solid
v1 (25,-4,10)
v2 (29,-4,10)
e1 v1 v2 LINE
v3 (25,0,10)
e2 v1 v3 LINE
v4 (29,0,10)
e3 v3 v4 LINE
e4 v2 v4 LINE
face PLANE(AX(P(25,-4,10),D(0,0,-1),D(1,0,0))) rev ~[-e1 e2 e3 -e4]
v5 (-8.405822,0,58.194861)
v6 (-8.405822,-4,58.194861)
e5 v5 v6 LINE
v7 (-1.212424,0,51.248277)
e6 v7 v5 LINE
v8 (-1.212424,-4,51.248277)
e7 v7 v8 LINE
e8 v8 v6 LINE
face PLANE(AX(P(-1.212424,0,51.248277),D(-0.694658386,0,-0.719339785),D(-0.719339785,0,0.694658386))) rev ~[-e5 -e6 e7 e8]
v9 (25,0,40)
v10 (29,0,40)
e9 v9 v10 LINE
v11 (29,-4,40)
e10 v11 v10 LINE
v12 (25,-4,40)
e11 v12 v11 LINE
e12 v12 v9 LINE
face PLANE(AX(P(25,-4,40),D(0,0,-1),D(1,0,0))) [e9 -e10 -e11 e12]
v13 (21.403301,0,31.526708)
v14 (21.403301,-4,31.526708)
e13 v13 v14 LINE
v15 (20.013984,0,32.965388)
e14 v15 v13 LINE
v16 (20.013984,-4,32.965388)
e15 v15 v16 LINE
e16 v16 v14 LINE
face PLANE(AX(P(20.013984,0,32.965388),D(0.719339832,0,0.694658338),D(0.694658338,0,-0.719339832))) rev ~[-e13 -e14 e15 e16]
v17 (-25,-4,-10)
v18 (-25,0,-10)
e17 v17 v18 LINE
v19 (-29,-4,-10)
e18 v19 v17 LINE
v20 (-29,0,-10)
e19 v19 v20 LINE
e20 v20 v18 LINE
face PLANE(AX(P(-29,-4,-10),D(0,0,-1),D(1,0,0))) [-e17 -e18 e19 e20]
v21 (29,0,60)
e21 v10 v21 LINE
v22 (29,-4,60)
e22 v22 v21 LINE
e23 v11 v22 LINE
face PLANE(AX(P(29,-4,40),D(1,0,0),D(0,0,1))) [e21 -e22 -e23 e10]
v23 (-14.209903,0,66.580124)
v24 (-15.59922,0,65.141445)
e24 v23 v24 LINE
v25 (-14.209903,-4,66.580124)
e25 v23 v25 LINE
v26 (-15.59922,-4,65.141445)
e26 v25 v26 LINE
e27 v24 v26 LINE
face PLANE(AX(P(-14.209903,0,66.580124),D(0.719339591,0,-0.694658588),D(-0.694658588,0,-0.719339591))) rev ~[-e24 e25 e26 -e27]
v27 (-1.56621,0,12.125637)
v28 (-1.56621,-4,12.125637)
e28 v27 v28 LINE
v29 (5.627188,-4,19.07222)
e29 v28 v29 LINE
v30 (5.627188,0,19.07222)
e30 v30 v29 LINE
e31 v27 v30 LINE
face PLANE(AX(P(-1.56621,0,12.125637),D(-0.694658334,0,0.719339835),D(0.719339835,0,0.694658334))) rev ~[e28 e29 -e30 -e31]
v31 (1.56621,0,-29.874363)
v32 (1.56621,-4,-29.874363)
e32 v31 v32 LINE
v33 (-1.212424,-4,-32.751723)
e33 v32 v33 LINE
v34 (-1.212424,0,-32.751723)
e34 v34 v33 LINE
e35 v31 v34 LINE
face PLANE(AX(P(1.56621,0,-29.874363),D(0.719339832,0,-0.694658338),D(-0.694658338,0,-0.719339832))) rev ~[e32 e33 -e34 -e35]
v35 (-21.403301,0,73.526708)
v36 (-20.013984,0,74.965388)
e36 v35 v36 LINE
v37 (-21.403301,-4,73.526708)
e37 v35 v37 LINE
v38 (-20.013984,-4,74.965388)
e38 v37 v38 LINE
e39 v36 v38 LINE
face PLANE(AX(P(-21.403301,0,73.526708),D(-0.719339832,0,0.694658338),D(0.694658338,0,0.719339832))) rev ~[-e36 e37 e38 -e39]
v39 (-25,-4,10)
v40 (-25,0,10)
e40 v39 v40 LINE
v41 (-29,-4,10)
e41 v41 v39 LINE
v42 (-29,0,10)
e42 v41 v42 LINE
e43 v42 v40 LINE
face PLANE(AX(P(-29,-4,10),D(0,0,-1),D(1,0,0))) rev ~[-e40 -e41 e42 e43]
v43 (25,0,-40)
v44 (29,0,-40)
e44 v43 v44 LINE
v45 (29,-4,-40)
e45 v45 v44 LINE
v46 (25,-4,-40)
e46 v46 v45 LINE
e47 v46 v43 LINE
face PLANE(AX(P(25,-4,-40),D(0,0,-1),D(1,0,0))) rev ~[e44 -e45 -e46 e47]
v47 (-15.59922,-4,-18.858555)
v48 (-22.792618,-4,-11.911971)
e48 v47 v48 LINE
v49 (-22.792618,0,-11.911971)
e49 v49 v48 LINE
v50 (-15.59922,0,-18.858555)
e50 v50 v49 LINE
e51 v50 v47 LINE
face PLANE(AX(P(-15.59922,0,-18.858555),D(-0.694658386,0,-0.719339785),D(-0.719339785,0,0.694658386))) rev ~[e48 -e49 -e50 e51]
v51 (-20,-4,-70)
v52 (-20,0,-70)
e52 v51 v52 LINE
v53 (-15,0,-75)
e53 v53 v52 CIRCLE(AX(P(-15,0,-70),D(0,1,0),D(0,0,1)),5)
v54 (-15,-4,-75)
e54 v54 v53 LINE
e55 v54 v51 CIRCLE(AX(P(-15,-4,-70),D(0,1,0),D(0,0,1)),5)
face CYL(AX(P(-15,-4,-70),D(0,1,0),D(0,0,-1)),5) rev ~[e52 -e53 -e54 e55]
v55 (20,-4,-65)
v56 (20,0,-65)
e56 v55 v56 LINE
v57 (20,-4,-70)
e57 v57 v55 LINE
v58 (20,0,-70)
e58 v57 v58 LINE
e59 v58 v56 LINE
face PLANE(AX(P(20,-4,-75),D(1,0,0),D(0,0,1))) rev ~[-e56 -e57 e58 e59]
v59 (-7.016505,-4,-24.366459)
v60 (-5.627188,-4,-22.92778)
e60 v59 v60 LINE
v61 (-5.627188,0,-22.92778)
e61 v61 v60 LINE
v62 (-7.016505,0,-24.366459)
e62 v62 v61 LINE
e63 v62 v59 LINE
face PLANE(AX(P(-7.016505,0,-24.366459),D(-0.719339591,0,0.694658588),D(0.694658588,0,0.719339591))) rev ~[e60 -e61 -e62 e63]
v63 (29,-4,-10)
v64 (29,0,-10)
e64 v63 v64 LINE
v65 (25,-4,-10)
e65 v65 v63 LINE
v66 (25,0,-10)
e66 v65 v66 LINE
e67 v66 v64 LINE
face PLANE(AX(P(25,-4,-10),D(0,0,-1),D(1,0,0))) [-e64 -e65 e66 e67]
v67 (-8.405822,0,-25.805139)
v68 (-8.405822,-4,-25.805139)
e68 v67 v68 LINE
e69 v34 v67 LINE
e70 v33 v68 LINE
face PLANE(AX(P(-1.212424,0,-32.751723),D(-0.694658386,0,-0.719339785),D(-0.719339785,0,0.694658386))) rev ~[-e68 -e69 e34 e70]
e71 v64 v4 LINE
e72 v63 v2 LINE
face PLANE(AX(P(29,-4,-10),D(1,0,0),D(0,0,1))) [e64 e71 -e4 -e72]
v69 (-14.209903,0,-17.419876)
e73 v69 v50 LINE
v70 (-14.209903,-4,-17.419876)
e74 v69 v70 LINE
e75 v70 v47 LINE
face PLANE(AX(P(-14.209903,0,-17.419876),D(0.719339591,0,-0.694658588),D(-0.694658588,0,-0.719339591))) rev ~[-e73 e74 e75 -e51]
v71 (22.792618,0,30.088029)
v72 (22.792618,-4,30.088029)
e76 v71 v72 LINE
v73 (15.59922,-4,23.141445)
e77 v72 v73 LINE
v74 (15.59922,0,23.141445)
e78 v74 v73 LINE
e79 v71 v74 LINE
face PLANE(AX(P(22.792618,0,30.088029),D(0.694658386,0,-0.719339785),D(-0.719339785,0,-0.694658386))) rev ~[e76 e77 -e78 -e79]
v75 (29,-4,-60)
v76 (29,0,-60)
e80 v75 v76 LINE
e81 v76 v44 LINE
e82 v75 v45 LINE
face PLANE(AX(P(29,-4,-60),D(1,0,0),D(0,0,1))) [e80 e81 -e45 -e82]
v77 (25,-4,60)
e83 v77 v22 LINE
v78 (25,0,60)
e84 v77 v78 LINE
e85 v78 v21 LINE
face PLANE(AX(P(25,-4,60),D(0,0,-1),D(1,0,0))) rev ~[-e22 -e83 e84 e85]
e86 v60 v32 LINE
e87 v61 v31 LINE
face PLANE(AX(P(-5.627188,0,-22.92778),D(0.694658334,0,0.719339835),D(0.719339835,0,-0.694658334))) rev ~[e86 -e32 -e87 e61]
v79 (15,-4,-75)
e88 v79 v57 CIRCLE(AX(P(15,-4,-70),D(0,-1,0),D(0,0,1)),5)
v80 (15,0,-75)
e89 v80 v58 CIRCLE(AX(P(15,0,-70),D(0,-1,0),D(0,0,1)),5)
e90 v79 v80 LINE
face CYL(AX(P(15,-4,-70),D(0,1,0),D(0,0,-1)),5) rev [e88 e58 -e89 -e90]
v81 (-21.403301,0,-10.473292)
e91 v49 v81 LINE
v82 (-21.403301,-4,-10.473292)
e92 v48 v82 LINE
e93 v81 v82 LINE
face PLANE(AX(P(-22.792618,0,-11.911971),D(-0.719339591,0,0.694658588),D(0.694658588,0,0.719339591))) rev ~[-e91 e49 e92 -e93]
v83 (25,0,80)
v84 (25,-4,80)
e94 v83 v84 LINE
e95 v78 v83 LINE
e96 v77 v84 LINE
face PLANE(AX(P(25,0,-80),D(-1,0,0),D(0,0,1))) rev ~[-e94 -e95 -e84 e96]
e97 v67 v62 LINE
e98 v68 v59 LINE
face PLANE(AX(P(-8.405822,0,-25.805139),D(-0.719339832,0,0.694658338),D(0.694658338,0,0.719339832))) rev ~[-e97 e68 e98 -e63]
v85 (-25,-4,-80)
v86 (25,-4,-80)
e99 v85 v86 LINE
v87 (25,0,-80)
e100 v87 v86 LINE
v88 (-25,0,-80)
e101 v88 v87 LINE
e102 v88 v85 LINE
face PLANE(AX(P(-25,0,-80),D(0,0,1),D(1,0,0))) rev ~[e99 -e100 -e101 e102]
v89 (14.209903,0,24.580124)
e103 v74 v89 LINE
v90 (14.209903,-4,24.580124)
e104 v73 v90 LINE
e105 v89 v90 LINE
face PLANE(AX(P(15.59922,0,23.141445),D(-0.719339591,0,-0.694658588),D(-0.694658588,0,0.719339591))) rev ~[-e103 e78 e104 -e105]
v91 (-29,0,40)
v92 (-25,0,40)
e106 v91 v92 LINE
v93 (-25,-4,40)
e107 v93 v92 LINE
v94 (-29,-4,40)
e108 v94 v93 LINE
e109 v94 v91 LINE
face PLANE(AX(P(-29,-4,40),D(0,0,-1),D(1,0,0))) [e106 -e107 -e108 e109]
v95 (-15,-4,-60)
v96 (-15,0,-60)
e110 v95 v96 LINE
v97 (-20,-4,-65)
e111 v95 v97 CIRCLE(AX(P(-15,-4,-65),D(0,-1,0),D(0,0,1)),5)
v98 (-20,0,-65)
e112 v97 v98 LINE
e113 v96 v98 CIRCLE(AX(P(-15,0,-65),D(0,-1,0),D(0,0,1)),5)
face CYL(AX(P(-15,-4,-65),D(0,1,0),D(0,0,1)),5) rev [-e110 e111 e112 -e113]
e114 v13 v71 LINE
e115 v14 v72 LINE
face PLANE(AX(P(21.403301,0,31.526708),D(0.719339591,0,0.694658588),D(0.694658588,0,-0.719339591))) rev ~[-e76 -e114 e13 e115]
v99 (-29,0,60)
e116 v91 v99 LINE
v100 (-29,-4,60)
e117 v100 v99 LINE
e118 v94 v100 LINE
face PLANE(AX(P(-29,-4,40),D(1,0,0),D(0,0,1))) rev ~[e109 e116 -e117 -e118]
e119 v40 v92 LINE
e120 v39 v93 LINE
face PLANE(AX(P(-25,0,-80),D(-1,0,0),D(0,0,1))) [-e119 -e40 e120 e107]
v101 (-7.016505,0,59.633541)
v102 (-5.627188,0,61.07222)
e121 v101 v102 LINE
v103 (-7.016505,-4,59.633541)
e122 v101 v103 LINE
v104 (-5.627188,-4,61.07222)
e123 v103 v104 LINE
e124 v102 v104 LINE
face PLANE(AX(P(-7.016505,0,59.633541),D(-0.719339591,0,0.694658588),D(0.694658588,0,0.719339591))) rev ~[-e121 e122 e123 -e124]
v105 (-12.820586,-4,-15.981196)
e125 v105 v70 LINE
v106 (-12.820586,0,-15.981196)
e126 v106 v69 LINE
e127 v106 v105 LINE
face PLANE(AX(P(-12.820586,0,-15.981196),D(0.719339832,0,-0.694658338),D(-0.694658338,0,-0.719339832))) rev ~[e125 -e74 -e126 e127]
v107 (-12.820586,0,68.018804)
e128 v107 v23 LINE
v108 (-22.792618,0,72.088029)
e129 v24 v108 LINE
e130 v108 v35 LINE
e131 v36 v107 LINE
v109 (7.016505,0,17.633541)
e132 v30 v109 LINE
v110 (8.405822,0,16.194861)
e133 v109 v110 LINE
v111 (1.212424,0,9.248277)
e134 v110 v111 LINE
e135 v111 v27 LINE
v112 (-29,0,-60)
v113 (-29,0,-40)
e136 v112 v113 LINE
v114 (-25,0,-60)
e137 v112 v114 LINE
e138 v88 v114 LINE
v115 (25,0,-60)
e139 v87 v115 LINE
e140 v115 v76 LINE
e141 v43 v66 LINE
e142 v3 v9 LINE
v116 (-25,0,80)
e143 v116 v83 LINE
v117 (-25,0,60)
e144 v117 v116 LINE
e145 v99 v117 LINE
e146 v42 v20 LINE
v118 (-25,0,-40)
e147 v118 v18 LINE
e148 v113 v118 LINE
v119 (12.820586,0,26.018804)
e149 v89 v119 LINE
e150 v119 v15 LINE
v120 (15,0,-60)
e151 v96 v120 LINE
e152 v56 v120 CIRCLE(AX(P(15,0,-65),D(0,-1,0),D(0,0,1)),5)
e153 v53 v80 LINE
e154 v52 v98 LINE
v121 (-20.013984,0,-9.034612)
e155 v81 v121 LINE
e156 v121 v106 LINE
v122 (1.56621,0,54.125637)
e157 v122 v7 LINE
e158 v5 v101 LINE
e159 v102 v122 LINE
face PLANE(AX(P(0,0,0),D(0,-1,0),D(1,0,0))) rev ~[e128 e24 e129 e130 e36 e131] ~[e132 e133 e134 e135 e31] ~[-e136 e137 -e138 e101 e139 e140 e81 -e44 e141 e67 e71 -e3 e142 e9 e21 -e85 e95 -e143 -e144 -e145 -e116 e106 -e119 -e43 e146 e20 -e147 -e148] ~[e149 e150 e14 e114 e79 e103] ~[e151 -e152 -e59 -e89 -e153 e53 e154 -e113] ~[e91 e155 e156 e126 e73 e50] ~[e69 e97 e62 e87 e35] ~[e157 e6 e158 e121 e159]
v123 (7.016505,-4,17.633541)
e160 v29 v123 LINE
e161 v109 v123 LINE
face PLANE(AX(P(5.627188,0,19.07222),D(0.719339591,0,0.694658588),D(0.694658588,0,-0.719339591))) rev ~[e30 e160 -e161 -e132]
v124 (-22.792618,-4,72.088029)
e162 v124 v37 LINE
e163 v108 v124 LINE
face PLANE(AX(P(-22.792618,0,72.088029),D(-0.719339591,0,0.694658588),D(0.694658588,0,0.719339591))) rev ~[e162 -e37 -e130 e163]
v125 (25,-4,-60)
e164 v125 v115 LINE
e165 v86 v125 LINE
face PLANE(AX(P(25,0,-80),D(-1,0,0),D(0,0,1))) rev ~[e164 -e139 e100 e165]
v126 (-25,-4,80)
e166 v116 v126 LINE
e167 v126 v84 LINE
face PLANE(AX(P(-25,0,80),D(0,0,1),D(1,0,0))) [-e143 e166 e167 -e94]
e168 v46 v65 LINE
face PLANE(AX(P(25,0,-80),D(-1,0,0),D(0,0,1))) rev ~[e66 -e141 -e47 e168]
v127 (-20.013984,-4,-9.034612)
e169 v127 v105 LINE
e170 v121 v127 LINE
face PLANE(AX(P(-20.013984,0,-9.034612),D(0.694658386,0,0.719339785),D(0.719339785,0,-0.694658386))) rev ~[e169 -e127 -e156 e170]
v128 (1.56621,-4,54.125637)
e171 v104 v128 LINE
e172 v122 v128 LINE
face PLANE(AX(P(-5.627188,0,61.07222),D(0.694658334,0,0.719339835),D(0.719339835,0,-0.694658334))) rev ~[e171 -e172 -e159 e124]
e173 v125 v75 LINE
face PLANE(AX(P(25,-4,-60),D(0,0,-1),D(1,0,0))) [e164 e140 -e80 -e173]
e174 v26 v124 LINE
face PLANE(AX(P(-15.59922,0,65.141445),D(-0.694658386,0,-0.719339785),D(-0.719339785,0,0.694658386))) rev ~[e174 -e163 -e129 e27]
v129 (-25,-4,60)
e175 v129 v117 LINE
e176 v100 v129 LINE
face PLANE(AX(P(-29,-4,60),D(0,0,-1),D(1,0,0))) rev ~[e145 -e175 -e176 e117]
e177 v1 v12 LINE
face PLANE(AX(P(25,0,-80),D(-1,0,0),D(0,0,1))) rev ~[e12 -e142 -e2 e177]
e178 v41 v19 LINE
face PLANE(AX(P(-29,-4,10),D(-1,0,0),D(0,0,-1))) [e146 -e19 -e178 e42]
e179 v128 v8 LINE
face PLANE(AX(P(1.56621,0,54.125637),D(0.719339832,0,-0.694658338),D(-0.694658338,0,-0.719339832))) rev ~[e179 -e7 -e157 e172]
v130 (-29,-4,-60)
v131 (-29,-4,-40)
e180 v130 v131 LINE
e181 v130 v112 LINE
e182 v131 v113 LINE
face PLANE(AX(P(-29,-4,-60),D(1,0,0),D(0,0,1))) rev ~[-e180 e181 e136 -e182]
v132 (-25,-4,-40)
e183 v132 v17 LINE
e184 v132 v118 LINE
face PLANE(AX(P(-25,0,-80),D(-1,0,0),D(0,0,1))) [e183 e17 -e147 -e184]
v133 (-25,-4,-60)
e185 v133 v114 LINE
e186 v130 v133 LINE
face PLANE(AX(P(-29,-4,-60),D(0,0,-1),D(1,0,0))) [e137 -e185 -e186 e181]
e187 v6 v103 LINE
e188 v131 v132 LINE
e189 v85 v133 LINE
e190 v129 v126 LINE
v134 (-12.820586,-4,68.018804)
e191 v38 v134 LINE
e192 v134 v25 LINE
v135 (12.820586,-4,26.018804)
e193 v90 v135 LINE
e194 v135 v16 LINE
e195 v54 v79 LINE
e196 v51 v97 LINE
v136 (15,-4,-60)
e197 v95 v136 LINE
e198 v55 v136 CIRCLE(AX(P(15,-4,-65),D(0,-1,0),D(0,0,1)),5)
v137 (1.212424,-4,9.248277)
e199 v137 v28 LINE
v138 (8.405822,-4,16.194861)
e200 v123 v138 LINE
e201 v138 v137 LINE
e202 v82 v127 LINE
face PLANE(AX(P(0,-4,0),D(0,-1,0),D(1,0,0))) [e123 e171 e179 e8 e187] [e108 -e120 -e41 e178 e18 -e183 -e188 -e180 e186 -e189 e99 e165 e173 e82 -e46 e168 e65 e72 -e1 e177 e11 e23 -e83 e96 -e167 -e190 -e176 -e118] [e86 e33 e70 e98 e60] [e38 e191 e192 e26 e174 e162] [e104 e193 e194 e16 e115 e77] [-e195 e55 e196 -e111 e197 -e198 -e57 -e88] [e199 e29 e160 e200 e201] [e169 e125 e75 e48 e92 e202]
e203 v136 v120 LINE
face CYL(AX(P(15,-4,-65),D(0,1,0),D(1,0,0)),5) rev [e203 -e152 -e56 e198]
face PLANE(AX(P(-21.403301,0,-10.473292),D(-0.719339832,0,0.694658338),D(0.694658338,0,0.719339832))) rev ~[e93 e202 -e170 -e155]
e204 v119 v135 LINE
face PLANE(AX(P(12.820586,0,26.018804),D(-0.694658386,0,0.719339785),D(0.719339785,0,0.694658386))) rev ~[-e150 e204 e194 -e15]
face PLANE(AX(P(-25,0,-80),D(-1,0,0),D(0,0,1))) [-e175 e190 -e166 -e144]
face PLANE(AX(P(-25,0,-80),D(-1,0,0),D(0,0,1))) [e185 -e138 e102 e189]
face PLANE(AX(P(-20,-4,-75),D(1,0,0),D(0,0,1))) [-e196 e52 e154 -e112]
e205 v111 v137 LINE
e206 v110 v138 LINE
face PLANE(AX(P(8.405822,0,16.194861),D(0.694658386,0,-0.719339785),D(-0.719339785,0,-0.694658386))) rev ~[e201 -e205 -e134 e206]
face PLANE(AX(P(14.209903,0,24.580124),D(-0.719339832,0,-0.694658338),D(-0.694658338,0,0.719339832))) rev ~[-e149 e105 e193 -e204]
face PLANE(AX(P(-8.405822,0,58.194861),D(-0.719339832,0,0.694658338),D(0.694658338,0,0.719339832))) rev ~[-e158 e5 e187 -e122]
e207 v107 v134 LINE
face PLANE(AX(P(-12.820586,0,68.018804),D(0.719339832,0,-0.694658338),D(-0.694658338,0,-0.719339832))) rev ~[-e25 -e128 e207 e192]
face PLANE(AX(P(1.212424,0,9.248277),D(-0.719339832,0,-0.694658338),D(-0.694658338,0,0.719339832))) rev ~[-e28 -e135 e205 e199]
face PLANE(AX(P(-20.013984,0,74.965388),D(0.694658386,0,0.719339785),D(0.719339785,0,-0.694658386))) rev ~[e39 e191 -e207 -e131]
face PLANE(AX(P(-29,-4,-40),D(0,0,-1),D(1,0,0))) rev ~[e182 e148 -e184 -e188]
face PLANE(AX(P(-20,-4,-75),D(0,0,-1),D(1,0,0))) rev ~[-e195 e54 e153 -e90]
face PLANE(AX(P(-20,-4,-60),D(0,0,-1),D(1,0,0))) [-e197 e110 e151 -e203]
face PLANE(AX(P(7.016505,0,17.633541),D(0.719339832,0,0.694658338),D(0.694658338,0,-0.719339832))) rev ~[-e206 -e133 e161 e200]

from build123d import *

# Parameters (mm, degrees)
F0_W     = 50
F0_H     = 160
F1_DEPTH = 4
F2_W     = 4
F2_H     = 20
F2_H_2   = 10
F3_DEPTH = 4
F4_W     = 40
F4_H     = 15
F5_DEPTH = 25
F6_R     = 5


with BuildPart() as f1:
    # F0 (on Front) → F1 (new body)
    with BuildSketch(Plane.XZ):
        Rectangle(F0_W, F0_H)
        Polygon((-21.403301, -10.473292), (-20.013984, -9.034612), (-12.820586, -15.981196), (-14.209903, -17.419876), (-15.59922, -18.858555), (-22.792618, -11.911971), align=None, mode=Mode.SUBTRACT)
        Polygon((-1.212424, -32.751723), (-8.405822, -25.805139), (-7.016505, -24.366459), (-5.627188, -22.92778), (1.56621, -29.874363), (0.176893, -31.313043), align=None, mode=Mode.SUBTRACT)
        Polygon((-22.792618, 72.088029), (-21.403301, 73.526708), (-20.013984, 74.965388), (-12.820586, 68.018804), (-14.209903, 66.580124), (-15.59922, 65.141445), align=None, mode=Mode.SUBTRACT)
        Polygon((-8.405822, 58.194861), (-7.016505, 59.633541), (-5.627188, 61.07222), (1.56621, 54.125637), (0.176893, 52.686957), (-1.212424, 51.248277), align=None, mode=Mode.SUBTRACT)
        Polygon((5.627188, 19.07222), (7.016505, 17.633541), (8.405822, 16.194861), (1.212424, 9.248277), (-0.176893, 10.686957), (-1.56621, 12.125637), align=None, mode=Mode.SUBTRACT)
        Polygon((20.013984, 32.965388), (21.403301, 31.526708), (22.792618, 30.088029), (15.59922, 23.141445), (14.209903, 24.580124), (12.820586, 26.018804), align=None, mode=Mode.SUBTRACT)
    extrude(amount=F1_DEPTH)

    # F2 (on face) → F3 (join)
    with BuildSketch(Plane.XZ.offset(4)):
        with Locations((-27, 50)):
            Rectangle(F2_W, F2_H)
        with Locations((-27, -5)):
            Rectangle(F2_W, F2_H_2)
        with Locations((-27, 5)):
            Rectangle(F2_W, F2_H_2)
        with Locations((-27, -50)):
            Rectangle(F2_W, F2_H)
        with Locations((27, 5)):
            Rectangle(F2_W, F2_H_2)
        with Locations((27, -5)):
            Rectangle(F2_W, F2_H_2)
        with Locations((27, 50)):
            Rectangle(F2_W, F2_H)
        with Locations((27, -50)):
            Rectangle(F2_W, F2_H)
    extrude(amount=-F3_DEPTH)

    # F4 (on face) → F5 (cut)
    with BuildSketch(Plane.XZ.offset(4)):
        with Locations((0, -67.5)):
            Rectangle(F4_W, F4_H)
    extrude(amount=-F5_DEPTH, mode=Mode.SUBTRACT)

    # F6
    f6_edges = [f1.edges().sort_by_distance(p)[0] for p in [
        (-20, -2, -60),
        (20, -2, -60),
        (20, -2, -75),
        (-20, -2, -75),
    ]]
    fillet(f6_edges, radius=F6_R)


solid = f1.part
